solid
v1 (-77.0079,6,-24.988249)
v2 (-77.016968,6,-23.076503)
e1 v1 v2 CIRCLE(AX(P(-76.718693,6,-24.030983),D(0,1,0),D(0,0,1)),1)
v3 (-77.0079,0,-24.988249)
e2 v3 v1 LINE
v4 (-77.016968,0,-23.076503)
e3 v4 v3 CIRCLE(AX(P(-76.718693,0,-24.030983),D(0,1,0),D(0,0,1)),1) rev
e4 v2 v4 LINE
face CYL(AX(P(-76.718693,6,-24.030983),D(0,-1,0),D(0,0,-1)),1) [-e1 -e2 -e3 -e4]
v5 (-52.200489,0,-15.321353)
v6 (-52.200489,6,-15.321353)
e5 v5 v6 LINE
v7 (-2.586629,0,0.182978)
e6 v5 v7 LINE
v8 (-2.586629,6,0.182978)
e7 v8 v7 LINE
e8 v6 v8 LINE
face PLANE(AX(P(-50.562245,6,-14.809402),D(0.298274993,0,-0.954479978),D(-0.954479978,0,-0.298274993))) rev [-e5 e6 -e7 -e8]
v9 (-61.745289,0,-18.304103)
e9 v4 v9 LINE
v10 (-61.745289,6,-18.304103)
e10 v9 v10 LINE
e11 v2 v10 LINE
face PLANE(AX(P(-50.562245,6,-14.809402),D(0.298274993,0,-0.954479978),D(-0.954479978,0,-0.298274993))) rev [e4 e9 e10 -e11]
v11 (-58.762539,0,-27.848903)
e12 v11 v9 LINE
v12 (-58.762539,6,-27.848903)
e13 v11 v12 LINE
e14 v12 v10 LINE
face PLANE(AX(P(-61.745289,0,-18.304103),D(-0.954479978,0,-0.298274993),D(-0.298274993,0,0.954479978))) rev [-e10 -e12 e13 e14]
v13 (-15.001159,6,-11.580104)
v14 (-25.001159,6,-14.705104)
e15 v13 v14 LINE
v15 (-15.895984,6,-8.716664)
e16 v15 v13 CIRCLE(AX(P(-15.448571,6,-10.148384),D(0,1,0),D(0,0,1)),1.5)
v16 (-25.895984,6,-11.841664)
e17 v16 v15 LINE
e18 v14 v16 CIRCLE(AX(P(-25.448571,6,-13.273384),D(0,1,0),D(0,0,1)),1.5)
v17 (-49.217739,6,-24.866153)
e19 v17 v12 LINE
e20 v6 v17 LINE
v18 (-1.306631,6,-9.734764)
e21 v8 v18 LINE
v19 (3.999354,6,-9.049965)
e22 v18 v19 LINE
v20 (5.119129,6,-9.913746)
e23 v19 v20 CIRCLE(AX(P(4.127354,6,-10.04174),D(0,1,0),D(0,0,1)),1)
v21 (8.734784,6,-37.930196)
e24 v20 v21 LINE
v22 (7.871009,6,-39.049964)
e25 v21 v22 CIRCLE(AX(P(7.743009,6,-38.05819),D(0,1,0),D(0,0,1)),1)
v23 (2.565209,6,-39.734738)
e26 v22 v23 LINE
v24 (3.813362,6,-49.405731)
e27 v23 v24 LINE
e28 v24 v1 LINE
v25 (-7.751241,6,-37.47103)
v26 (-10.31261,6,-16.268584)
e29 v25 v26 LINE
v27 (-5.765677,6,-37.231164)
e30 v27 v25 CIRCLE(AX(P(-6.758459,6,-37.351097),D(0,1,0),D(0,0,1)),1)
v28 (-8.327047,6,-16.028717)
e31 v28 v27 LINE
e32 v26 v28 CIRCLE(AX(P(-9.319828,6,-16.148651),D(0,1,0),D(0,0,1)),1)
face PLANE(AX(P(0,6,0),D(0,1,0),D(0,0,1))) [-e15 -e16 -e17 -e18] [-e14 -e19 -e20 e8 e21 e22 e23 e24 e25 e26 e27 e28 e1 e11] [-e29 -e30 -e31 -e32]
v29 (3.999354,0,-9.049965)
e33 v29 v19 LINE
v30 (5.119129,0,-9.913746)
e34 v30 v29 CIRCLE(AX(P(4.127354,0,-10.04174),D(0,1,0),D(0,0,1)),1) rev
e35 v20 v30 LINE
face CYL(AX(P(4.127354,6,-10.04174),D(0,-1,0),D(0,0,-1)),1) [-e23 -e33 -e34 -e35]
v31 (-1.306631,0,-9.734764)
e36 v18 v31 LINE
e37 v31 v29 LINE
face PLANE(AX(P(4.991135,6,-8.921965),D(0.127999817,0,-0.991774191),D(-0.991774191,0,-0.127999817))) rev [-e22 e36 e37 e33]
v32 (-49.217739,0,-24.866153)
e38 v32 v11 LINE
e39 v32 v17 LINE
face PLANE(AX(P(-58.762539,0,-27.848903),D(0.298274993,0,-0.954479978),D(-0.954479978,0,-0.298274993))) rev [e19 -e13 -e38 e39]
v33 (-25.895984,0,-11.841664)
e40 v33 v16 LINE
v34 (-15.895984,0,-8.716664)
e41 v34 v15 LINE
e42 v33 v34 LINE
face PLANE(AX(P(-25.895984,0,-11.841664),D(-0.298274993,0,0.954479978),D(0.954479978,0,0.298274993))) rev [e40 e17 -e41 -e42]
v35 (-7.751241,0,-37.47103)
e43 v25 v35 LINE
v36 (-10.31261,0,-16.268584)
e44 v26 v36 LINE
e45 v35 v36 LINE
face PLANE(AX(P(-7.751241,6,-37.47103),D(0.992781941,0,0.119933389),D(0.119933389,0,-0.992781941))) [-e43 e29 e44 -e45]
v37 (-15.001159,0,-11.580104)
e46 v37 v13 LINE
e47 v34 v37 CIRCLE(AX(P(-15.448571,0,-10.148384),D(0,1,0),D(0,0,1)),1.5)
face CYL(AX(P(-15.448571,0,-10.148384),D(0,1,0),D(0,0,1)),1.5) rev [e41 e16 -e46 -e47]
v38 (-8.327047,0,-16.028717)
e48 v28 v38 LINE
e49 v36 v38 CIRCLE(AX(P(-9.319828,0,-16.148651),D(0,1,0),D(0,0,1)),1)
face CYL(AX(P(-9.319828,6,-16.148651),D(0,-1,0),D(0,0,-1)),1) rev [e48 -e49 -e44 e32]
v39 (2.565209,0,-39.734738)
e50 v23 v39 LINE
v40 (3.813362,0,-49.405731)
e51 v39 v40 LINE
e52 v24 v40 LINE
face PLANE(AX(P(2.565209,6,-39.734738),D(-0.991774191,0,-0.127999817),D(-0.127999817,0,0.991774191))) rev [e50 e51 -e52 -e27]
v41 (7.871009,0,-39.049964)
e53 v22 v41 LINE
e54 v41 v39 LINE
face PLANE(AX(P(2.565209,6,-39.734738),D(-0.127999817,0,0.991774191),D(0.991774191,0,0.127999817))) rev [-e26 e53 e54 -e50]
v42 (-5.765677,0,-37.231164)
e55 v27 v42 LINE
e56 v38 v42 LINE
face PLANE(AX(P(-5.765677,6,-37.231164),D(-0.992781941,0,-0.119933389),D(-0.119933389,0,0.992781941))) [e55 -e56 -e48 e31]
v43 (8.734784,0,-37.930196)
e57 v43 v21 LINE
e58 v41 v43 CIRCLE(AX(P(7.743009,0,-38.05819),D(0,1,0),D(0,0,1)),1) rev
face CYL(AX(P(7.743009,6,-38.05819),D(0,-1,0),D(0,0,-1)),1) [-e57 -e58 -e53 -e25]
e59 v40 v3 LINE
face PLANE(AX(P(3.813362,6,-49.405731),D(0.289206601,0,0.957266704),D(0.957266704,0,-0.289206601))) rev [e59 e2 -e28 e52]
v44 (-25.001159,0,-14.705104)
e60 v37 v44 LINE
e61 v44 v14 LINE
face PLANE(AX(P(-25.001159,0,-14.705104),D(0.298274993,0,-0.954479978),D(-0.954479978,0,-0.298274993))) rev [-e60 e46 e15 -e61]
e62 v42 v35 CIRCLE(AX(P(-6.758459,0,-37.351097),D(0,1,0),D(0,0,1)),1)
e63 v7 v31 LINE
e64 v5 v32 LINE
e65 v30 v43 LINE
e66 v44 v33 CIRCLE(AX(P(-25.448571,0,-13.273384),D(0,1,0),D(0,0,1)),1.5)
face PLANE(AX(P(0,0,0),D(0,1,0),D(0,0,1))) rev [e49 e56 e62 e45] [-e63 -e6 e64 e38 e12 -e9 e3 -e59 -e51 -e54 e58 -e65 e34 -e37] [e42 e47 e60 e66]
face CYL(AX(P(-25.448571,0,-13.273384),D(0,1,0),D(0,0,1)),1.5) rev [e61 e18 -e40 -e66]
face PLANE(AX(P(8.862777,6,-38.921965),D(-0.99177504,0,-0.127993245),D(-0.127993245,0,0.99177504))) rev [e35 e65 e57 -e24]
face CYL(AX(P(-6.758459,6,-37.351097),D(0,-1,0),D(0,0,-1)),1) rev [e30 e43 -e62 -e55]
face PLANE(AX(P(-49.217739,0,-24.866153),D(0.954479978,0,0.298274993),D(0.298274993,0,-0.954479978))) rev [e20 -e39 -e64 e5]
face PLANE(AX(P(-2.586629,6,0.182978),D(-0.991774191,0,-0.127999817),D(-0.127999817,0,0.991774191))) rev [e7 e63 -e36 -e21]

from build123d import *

# Parameters (mm, degrees)
BOSS_EXTRUDE1_DEPTH = 6
FILLET1_R           = 1
CUT_EXTRUDE1_DEPTH  = 93.288252623


with BuildPart() as part:
    # Sketch1 → Boss-Extrude1 (new body)
    with BuildSketch(Plane(origin=(0, 0, 0), x_dir=(1, 0, 0), z_dir=(0, 1, 0))):
        Polygon((-2.58662904, -0.182978259), (-1.306630871, 9.734763655), (4.991135245, 8.921964817), (8.862776708, 38.921964817), (2.565209371, 39.734738), (3.813361808, 49.405731314), (-80.122978657, 24.047130996), (-50.562245366, 14.809401842), (-40.870201664, 11.780638185), align=None)
        with BuildLine():
            Line((-5.765677194, 37.231163577), (-8.327046549, 16.028717249))
            ThreePointArc((-8.327046549, 16.028717249), (-9.439761879, 15.155868697), (-10.312610431, 16.268584027))
            Line((-10.312610431, 16.268584027), (-7.751241076, 37.471030354))
            ThreePointArc((-7.751241076, 37.471030354), (-6.638525747, 38.343878906), (-5.765677194, 37.231163577))
        make_face(mode=Mode.SUBTRACT)
    extrude(amount=BOSS_EXTRUDE1_DEPTH)

    # Fillet1
    fillet1_edges = [part.edges().sort_by_distance(p)[0] for p in [
        (-80.122978657, 3, -24.047130996),
        (8.862776708, 3, -38.921964817),
        (4.991135245, 3, -8.921964817),
    ]]
    fillet(fillet1_edges, radius=FILLET1_R)

    # Sketch2 → Cut-Extrude1 (cut, through all)
    with BuildSketch(Plane(origin=(0, 6, 0), x_dir=(1, 0, 0), z_dir=(0, 1, 0))):
        Polygon((-61.745288627, 18.304102861), (-58.762538695, 27.848902642), (-49.217738915, 24.86615271), (-52.200488846, 15.32135293), align=None)
        with BuildLine():
            Line((-25.001158575, 14.705103686), (-15.001158575, 11.580103686))
            ThreePointArc((-15.001158575, 11.580103686), (-14.016851097, 9.70097123), (-15.895983554, 8.716663752))
            Line((-15.895983554, 8.716663752), (-25.895983554, 11.841663752))
            ThreePointArc((-25.895983554, 11.841663752), (-26.880291031, 13.720796209), (-25.001158575, 14.705103686))
        make_face()
    extrude(amount=-CUT_EXTRUDE1_DEPTH, mode=Mode.SUBTRACT)


solid = part.part
